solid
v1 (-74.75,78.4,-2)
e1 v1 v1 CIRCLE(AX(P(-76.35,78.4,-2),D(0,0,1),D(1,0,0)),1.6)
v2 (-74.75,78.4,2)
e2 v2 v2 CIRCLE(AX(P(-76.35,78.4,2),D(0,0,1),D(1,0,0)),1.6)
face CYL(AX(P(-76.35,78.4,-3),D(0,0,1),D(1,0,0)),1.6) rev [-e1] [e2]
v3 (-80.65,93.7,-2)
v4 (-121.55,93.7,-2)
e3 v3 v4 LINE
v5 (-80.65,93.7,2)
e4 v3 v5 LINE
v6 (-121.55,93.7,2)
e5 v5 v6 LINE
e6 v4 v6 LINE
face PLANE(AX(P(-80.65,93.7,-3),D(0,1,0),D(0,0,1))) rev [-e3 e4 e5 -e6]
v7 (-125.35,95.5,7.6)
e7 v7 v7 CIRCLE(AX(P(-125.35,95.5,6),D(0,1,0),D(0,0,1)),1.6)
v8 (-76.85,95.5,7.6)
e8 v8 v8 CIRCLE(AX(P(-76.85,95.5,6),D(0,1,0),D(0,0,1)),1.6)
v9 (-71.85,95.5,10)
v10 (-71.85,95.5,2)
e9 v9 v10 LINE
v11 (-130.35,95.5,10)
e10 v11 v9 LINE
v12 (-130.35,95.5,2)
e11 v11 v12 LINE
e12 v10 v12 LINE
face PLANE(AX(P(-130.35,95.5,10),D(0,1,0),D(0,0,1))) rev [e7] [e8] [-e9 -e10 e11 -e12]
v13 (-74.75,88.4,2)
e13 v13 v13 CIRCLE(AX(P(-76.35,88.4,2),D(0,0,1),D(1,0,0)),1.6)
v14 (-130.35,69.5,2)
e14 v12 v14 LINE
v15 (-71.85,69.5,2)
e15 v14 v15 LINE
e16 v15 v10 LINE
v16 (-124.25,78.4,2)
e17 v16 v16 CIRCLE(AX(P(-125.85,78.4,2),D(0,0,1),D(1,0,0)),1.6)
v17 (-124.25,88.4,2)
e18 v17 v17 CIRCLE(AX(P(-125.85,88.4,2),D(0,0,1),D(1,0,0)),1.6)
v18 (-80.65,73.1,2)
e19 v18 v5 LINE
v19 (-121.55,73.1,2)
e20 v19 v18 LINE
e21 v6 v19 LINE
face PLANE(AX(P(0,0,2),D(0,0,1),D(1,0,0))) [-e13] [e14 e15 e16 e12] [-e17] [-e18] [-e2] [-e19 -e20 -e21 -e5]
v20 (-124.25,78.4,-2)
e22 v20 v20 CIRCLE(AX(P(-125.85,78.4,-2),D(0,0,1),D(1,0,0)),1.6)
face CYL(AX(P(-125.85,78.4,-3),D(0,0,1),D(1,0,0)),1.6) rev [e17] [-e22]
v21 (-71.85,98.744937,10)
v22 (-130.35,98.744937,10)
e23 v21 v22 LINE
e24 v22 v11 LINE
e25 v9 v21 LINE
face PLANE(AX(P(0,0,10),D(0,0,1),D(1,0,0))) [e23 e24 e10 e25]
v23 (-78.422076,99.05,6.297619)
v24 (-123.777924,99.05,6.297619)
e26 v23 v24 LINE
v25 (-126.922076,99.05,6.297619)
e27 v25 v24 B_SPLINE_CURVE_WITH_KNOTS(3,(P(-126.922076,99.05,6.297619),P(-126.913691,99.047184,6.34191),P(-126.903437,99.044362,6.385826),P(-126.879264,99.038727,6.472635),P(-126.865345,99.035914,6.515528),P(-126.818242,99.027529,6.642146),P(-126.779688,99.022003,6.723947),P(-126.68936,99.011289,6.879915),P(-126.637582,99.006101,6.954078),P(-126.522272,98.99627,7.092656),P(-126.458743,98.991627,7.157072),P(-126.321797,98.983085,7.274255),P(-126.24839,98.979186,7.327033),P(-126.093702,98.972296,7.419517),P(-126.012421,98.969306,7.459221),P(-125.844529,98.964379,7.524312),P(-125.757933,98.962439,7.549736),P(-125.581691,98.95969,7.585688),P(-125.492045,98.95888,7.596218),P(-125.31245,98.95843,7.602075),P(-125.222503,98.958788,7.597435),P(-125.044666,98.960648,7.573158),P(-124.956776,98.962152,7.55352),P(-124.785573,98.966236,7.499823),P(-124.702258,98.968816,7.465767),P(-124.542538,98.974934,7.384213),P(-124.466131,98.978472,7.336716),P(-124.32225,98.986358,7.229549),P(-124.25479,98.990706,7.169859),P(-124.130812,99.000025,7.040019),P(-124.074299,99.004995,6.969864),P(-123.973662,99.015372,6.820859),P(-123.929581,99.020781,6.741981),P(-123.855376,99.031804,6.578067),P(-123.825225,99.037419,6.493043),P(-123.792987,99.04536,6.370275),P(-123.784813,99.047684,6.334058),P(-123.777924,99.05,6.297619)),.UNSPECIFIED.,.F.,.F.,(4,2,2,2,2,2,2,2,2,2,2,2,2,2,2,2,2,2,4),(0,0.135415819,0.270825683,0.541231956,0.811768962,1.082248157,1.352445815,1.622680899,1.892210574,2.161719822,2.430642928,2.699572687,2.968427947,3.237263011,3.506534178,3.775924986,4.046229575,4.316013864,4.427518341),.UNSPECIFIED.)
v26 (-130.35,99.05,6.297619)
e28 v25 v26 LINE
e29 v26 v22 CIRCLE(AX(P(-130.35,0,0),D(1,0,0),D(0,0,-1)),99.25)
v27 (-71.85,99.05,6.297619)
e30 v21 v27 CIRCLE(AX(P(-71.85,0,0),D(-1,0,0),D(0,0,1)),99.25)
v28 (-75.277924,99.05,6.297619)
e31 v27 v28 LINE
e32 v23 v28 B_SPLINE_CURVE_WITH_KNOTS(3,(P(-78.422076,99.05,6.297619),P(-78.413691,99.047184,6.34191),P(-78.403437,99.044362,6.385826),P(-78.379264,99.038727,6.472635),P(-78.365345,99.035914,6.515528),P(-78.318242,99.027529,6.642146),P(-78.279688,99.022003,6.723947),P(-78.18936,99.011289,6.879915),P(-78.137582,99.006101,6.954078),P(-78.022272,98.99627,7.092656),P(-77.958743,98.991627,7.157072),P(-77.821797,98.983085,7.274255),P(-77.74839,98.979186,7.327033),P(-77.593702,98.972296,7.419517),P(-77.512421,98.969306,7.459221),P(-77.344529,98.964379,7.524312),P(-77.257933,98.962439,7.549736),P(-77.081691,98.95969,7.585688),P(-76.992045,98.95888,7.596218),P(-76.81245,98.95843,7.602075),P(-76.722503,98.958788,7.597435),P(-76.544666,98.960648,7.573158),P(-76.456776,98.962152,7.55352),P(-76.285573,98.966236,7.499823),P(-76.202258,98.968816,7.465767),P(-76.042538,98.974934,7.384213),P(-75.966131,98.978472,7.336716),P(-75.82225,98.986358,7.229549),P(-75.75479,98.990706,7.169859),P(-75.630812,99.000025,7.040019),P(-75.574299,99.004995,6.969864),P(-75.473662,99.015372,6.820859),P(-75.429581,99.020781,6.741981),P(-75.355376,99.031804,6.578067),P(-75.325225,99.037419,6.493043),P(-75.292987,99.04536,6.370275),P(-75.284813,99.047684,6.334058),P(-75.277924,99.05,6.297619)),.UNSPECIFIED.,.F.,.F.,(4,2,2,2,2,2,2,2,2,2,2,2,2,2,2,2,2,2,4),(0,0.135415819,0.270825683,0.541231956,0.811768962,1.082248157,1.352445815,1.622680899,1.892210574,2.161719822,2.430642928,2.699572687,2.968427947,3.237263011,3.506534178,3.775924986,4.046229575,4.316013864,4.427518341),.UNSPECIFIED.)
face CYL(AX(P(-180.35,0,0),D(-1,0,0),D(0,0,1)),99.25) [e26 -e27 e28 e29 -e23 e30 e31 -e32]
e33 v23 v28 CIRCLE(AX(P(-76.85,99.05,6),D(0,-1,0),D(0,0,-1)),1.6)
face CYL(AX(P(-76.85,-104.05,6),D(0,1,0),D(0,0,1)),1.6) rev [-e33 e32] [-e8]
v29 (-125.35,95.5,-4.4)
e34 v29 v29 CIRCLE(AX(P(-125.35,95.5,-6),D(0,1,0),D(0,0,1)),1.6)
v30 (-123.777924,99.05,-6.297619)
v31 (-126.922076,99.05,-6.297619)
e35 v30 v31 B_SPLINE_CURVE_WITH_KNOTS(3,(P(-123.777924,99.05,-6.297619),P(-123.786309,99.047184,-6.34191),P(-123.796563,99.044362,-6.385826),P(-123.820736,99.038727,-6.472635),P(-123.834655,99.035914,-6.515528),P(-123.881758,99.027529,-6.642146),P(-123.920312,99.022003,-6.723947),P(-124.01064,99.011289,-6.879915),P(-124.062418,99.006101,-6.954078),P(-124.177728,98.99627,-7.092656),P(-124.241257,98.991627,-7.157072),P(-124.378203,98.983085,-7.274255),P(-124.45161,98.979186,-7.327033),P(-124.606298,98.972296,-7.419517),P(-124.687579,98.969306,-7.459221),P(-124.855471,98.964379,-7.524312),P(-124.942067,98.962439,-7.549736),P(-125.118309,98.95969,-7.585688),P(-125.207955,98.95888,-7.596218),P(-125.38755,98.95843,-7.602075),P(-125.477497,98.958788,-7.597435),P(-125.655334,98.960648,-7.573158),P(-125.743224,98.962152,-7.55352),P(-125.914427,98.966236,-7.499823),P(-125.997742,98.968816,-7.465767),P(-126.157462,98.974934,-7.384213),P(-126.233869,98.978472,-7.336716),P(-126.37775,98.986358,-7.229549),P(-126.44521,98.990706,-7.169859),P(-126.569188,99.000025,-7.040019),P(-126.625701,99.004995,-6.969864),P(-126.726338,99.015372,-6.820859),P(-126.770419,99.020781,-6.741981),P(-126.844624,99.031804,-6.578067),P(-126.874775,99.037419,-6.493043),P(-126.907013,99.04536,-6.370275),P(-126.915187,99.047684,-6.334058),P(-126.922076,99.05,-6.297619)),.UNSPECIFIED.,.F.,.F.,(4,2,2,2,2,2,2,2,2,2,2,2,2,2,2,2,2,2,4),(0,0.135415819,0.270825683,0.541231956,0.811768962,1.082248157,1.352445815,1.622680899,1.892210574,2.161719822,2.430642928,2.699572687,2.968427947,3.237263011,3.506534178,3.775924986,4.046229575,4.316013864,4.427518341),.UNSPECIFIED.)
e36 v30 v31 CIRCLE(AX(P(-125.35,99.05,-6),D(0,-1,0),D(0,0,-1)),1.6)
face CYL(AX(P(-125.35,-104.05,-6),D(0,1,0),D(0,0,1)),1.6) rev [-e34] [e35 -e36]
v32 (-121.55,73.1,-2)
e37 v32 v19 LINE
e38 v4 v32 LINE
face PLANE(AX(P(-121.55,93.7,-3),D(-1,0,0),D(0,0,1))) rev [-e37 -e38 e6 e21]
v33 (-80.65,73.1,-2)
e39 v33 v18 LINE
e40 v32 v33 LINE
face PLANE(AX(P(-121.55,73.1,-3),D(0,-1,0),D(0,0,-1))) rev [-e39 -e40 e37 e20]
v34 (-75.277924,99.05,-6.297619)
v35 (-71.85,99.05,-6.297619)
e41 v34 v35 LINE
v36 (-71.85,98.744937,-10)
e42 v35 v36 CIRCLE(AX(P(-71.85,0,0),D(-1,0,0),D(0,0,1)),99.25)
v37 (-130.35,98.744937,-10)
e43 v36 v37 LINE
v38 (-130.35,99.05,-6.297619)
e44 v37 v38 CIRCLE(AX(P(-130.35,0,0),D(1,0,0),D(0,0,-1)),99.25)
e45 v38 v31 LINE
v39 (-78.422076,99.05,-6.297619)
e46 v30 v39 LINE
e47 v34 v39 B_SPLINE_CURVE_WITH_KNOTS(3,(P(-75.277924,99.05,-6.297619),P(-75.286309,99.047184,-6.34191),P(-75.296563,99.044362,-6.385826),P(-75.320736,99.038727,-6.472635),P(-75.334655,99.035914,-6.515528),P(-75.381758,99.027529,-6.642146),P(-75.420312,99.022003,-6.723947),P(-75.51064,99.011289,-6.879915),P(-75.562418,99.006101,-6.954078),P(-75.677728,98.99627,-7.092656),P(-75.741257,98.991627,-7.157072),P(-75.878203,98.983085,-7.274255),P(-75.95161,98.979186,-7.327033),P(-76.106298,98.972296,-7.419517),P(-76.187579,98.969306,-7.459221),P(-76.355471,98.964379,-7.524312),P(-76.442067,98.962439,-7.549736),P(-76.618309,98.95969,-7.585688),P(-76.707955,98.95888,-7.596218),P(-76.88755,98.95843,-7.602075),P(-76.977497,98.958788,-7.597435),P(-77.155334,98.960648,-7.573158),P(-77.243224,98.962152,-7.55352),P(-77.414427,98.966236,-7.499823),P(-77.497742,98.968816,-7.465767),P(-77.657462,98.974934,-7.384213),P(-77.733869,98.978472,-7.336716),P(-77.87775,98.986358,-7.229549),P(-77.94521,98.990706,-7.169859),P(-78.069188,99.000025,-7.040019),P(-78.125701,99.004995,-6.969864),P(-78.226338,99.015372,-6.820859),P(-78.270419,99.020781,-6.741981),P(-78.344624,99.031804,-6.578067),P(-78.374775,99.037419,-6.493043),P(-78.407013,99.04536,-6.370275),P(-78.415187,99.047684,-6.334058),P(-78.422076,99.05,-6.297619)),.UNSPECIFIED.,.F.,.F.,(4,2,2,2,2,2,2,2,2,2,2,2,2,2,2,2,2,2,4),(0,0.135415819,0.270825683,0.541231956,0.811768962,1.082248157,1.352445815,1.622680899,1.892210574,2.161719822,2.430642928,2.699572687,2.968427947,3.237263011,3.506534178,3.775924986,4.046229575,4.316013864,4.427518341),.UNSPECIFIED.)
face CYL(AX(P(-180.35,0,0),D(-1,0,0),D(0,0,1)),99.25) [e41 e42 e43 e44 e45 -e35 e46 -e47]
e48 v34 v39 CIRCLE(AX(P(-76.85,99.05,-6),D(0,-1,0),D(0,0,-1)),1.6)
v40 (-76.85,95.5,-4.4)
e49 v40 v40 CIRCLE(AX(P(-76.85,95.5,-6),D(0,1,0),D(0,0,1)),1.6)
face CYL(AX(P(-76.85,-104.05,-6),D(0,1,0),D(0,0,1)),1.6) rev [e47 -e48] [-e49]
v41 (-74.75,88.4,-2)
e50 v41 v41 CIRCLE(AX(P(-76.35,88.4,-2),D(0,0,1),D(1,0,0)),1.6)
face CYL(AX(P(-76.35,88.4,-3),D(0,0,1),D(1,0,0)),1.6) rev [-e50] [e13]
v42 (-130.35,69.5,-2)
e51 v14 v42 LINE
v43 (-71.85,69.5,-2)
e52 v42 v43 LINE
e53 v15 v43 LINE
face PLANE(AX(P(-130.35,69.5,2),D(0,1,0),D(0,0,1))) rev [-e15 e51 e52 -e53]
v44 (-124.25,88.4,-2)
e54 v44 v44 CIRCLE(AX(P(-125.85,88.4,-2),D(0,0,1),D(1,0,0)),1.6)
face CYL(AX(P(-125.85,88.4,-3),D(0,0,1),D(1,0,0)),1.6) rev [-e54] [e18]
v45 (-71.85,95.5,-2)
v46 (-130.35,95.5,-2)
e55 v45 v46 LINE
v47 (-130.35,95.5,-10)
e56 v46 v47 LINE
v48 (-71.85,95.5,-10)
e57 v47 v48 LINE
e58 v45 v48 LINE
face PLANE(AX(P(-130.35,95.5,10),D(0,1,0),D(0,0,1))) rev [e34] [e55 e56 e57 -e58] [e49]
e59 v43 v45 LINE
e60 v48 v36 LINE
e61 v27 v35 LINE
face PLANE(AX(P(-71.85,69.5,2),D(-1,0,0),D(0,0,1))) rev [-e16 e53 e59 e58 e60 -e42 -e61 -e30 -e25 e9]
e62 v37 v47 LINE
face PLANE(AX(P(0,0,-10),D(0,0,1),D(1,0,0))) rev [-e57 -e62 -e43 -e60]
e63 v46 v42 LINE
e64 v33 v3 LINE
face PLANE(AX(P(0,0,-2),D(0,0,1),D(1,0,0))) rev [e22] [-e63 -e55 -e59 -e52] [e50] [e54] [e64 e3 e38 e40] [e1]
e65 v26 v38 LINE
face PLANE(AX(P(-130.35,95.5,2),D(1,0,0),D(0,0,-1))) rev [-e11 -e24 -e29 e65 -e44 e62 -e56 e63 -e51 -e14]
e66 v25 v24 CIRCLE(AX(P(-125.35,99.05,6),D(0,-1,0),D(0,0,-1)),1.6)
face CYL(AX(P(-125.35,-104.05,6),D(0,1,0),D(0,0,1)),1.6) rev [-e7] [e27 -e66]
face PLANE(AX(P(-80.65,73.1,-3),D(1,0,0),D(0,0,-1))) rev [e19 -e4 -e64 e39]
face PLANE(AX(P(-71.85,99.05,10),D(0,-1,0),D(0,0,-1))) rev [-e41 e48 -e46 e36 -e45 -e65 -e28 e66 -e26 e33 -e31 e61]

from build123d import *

# Parameters (mm, degrees)
WEB_SKETCH_W               = 58.5
WEB_SKETCH_H               = 26
WEB_DEPTH                  = 2
FLANGE_SKETCH_W            = 58.5
FLANGE_SKETCH_H            = 3.55
FLANGE_DEPTH               = 10
FLANGE_TO_TUBE_SKETCH_W    = 60.5
FLANGE_TO_TUBE_SKETCH_H    = 1.8
SERVO_CUTOUT_SKETCH_W      = 40.9
SERVO_CUTOUT_SKETCH_H      = 20.6
SERVO_CUTOUT_DEPTH         = 3
SERVO_SCREW_HOLES_SKETCH_R = 1.6
SERVO_SCREW_HOLES_DEPTH    = 3
TUBE_SCREW_HOLES_SKETCH_R  = 1.6
TUBE_SCREW_HOLES_DEPTH     = 104.05


with BuildPart() as part:
    # Web Sketch → Web (new, symmetric)
    with BuildSketch(Plane.XY):
        with Locations((-101.1, 82.5)):
            Rectangle(WEB_SKETCH_W, WEB_SKETCH_H)
    extrude(amount=WEB_DEPTH, both=True)

    # Flange Sketch → Flange (add, symmetric)
    with BuildSketch(Plane.XY):
        with Locations((-101.1, 97.275)):
            Rectangle(FLANGE_SKETCH_W, FLANGE_SKETCH_H)
    extrude(amount=FLANGE_DEPTH, both=True)

    # Flange To Tube Sketch → Flange To Tube (revolve, cut)
    with BuildSketch(Plane.XY):
        with Locations((-101.1, 100.15)):
            Rectangle(FLANGE_TO_TUBE_SKETCH_W, FLANGE_TO_TUBE_SKETCH_H)
    revolve(axis=Axis((-180.35, 0, 0), (1, 0, 0)), mode=Mode.SUBTRACT)

    # Servo Cutout Sketch → Servo Cutout (cut, symmetric)
    with BuildSketch(Plane.XY):
        with Locations((-101.1, 83.4)):
            Rectangle(SERVO_CUTOUT_SKETCH_W, SERVO_CUTOUT_SKETCH_H)
    extrude(amount=SERVO_CUTOUT_DEPTH, both=True, mode=Mode.SUBTRACT)

    # Servo Screw Holes Sketch → Servo Screw Holes (cut, symmetric)
    with BuildSketch(Plane.XY):
        with Locations((-125.85, 78.4)):
            Circle(SERVO_SCREW_HOLES_SKETCH_R)
        with Locations((-125.85, 88.4)):
            Circle(SERVO_SCREW_HOLES_SKETCH_R)
        with Locations((-76.35, 78.4)):
            Circle(SERVO_SCREW_HOLES_SKETCH_R)
        with Locations((-76.35, 88.4)):
            Circle(SERVO_SCREW_HOLES_SKETCH_R)
    extrude(amount=SERVO_SCREW_HOLES_DEPTH, both=True, mode=Mode.SUBTRACT)

    # Tube Screw Holes Sketch → Tube Screw Holes (cut, symmetric)
    with BuildSketch(Plane(origin=(0, 0, 0), x_dir=(1, 0, 0), z_dir=(0, 1, 0))):
        with Locations((-125.35, -6)):
            Circle(TUBE_SCREW_HOLES_SKETCH_R)
        with Locations((-125.35, 6)):
            Circle(TUBE_SCREW_HOLES_SKETCH_R)
        with Locations((-76.85, -6)):
            Circle(TUBE_SCREW_HOLES_SKETCH_R)
        with Locations((-76.85, 6)):
            Circle(TUBE_SCREW_HOLES_SKETCH_R)
    extrude(amount=TUBE_SCREW_HOLES_DEPTH, both=True, mode=Mode.SUBTRACT)


solid = part.part
